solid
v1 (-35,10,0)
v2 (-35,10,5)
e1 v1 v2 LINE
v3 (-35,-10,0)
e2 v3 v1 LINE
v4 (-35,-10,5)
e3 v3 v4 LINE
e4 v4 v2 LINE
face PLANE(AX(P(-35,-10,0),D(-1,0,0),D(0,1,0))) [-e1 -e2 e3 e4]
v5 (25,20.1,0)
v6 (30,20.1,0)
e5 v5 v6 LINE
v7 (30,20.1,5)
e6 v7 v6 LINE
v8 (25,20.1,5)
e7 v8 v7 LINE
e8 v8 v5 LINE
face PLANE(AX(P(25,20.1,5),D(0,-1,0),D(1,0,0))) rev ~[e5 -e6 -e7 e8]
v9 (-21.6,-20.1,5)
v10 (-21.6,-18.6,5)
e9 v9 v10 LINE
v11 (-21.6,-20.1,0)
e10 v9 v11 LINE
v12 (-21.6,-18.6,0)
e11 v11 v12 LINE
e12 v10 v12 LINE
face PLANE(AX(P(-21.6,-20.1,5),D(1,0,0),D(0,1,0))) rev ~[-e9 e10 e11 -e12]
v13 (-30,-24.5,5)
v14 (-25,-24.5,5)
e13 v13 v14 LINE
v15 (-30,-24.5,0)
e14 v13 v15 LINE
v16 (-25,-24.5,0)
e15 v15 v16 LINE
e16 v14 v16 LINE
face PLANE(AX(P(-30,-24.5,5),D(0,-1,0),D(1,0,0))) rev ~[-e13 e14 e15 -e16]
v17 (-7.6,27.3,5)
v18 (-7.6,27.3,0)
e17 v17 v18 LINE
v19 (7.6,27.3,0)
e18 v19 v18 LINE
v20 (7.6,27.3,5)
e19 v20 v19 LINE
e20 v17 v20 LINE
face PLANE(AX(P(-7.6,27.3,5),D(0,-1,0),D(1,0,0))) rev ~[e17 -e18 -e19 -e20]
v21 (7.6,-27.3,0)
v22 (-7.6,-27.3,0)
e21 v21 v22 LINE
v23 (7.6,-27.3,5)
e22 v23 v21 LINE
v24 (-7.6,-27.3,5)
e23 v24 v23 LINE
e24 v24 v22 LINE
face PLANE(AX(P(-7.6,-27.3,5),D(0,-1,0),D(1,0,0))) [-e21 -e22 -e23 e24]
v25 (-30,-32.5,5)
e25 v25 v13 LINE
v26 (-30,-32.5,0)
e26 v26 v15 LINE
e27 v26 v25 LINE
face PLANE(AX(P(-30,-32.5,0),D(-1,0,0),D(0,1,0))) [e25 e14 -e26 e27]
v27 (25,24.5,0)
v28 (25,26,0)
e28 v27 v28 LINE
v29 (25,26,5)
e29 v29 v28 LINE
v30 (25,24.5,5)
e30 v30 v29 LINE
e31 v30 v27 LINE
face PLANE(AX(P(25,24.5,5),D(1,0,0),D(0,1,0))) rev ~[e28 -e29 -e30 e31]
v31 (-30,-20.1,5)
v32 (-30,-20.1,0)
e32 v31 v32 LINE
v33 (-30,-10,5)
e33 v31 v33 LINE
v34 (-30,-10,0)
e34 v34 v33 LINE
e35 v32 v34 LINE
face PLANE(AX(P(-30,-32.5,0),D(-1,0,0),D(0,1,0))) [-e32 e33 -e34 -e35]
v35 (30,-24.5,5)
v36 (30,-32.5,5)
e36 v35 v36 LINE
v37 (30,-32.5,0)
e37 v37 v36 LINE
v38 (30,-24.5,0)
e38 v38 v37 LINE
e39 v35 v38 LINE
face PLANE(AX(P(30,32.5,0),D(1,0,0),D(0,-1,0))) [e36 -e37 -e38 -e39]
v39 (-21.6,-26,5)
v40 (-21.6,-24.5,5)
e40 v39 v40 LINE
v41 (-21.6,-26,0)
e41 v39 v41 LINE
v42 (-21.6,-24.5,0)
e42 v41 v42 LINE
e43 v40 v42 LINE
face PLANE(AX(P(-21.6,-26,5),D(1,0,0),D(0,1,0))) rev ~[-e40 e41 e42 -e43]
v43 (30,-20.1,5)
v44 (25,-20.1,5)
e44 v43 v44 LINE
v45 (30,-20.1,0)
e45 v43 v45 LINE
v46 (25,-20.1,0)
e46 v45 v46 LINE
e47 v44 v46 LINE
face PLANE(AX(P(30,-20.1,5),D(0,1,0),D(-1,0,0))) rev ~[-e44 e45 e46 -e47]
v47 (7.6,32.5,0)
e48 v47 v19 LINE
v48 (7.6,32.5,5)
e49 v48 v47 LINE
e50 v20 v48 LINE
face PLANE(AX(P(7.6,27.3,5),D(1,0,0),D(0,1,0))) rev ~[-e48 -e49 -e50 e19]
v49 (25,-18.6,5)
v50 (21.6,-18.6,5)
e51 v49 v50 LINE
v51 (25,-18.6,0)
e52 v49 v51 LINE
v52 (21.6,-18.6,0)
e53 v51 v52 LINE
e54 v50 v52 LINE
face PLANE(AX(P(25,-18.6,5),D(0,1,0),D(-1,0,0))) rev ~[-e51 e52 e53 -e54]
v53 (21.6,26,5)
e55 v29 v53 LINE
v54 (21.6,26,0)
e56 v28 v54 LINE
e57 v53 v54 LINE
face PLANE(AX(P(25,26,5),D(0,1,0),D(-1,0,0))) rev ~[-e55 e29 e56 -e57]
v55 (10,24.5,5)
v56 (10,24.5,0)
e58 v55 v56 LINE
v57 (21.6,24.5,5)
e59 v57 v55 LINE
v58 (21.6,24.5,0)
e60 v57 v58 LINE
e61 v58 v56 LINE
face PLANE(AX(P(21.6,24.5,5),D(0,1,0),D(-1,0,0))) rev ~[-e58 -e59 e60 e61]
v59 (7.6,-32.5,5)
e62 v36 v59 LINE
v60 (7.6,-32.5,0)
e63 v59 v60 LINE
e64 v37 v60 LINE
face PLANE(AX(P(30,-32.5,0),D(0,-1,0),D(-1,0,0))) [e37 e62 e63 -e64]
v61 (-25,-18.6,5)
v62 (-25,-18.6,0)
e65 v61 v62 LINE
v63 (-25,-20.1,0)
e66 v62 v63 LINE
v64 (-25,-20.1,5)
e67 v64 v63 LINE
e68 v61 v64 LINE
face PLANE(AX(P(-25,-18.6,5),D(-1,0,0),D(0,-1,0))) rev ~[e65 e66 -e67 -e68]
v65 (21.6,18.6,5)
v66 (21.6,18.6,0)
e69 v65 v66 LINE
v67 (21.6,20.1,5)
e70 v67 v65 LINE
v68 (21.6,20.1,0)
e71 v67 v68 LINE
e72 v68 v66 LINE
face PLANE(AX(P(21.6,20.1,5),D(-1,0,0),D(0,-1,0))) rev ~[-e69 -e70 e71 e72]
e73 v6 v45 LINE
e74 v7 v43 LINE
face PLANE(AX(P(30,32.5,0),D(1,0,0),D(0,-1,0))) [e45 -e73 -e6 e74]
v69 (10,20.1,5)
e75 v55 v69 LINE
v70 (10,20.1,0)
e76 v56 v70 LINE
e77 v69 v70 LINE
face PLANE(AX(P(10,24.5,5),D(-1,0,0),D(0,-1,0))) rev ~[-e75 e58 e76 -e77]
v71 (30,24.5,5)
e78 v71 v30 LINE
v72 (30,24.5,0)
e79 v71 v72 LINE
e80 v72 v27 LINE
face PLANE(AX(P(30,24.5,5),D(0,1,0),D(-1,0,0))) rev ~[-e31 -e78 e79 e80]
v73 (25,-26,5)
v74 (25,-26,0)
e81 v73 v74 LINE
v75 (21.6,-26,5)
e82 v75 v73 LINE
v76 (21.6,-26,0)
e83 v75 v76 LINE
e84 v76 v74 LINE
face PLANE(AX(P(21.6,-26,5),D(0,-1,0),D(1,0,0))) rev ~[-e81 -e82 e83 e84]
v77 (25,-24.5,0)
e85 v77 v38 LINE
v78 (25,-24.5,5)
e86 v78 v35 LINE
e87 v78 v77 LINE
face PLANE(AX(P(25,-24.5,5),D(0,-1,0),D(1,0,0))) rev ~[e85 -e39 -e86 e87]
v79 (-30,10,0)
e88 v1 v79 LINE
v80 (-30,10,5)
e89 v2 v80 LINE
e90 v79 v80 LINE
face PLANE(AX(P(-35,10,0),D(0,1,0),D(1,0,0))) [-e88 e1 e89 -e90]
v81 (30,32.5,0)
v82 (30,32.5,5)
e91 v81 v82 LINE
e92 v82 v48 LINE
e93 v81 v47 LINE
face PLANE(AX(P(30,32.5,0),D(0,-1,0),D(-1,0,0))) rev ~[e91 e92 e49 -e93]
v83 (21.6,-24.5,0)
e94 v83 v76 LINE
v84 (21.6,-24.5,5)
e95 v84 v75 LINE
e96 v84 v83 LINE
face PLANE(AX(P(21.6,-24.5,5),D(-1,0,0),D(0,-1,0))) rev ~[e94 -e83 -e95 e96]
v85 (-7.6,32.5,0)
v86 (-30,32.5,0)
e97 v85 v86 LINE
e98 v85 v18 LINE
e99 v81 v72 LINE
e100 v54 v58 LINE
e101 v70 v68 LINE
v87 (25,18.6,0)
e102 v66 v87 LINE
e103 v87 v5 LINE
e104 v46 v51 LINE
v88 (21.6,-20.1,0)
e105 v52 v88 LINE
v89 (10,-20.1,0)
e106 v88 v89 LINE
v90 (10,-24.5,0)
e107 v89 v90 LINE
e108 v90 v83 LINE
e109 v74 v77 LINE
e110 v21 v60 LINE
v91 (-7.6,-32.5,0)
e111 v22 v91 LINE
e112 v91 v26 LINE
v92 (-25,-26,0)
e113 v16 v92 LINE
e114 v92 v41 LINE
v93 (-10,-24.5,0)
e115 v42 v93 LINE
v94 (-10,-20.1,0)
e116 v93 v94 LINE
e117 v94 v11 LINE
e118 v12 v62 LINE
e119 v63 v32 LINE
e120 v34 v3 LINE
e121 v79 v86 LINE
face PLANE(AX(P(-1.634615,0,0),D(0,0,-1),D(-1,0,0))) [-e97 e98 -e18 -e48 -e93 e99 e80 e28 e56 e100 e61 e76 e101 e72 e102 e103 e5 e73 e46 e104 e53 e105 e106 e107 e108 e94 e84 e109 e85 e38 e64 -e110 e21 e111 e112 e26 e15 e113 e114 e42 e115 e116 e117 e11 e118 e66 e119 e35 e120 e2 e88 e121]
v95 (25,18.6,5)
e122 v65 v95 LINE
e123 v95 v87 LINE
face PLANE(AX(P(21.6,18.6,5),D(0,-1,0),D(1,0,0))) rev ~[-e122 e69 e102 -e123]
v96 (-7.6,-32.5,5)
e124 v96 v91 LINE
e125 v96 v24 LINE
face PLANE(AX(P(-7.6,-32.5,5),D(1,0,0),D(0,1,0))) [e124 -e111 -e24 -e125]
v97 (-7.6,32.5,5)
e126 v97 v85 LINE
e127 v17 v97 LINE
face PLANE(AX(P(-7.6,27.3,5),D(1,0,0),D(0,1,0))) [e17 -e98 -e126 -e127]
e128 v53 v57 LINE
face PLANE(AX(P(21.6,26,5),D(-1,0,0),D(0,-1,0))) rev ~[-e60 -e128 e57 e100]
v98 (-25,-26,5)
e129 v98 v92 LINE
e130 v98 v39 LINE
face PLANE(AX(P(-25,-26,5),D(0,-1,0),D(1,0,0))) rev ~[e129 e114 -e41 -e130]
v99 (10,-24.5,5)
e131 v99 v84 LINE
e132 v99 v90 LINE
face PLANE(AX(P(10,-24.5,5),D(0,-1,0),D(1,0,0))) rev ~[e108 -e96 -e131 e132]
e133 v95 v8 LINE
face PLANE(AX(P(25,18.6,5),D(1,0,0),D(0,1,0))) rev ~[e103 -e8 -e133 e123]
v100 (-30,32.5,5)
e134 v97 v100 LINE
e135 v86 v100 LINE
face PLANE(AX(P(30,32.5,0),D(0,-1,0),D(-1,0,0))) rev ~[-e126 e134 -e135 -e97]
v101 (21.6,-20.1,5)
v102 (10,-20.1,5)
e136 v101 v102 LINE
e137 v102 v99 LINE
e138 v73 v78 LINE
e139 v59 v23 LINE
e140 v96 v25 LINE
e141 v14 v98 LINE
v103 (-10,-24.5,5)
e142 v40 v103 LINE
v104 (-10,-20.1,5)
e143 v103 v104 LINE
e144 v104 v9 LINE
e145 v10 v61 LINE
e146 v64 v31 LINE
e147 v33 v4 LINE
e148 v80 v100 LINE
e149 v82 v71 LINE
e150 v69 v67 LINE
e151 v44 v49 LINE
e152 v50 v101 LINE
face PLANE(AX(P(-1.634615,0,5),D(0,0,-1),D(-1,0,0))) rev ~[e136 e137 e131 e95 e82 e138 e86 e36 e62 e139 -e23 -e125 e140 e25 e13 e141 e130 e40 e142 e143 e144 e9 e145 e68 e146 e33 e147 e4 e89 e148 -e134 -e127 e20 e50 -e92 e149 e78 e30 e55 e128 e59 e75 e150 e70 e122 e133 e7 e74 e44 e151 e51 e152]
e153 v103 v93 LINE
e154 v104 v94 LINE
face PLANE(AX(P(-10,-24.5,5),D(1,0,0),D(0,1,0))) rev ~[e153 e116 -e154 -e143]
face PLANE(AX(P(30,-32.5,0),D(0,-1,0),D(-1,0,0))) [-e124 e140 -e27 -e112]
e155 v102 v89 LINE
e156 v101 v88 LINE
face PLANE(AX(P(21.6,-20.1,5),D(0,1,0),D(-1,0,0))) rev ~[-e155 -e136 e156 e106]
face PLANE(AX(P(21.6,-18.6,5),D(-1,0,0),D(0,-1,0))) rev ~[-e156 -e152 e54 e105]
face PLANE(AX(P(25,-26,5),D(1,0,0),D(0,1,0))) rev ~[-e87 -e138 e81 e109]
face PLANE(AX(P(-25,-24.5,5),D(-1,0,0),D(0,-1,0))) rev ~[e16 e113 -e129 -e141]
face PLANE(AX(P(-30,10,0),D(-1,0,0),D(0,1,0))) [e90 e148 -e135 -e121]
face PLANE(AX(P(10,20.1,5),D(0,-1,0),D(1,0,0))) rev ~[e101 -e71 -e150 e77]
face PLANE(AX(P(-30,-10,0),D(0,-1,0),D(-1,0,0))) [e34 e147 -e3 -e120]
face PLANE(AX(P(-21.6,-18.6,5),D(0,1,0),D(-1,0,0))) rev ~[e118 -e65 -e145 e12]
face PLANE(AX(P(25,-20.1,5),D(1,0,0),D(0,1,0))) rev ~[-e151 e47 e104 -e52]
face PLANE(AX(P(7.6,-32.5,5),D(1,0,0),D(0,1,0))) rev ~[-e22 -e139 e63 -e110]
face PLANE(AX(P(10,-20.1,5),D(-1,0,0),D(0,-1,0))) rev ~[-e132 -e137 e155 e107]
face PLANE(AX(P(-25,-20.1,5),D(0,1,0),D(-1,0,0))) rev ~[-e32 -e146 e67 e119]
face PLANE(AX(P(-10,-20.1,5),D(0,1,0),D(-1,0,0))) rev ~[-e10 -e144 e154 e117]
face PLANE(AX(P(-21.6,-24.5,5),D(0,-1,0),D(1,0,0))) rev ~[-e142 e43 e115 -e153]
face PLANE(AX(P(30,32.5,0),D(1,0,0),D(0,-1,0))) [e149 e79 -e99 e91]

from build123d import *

# Parameters (mm, degrees)
BOSS_EXTRUDE1_DEPTH = 5
CUT_EXTRUDE1_DEPTH  = 5
SKETCH4_W           = 15.2
SKETCH4_H           = 5.2
CUT_EXTRUDE2_DEPTH  = 10


with BuildPart() as part:
    # Sketch1 → Boss-Extrude1 (new body)
    with BuildSketch(Plane.XY):
        Polygon((-30, 32.5), (-7.5, 32.5), (30, 32.5), (30, -32.5), (-30, -32.5), (-30, -10), (-35, -10), (-35, 10), (-30, 10), align=None)
    extrude(amount=BOSS_EXTRUDE1_DEPTH)

    # Sketch3 → Cut-Extrude1 (cut)
    with BuildSketch(Plane.XY.offset(5)):
        Polygon((30, 24.5), (25, 24.5), (25, 26), (21.6, 26), (21.6, 24.5), (10, 24.5), (10, 20.1), (21.6, 20.1), (21.6, 18.6), (25, 18.6), (25, 20.1), (30, 20.1), align=None)
        Polygon((30, -24.5), (30, -20.1), (25, -20.1), (25, -18.6), (21.6, -18.6), (21.6, -20.1), (10, -20.1), (10, -24.5), (21.6, -24.5), (21.6, -26), (25, -26), (25, -24.5), align=None)
        Polygon((-30, -24.5), (-25, -24.5), (-25, -26), (-21.6, -26), (-21.6, -24.5), (-10, -24.5), (-10, -20.1), (-21.6, -20.1), (-21.6, -18.6), (-25, -18.6), (-25, -20.1), (-30, -20.1), align=None)
    extrude(amount=-CUT_EXTRUDE1_DEPTH, mode=Mode.SUBTRACT)

    # Sketch4 → Cut-Extrude2 (cut)
    with BuildSketch(Plane.XY.offset(5)):
        with Locations((0, -29.9)):
            Rectangle(SKETCH4_W, SKETCH4_H)
        with Locations((0, 29.9)):
            Rectangle(SKETCH4_W, SKETCH4_H)
    extrude(amount=-CUT_EXTRUDE2_DEPTH, mode=Mode.SUBTRACT)


solid = part.part
